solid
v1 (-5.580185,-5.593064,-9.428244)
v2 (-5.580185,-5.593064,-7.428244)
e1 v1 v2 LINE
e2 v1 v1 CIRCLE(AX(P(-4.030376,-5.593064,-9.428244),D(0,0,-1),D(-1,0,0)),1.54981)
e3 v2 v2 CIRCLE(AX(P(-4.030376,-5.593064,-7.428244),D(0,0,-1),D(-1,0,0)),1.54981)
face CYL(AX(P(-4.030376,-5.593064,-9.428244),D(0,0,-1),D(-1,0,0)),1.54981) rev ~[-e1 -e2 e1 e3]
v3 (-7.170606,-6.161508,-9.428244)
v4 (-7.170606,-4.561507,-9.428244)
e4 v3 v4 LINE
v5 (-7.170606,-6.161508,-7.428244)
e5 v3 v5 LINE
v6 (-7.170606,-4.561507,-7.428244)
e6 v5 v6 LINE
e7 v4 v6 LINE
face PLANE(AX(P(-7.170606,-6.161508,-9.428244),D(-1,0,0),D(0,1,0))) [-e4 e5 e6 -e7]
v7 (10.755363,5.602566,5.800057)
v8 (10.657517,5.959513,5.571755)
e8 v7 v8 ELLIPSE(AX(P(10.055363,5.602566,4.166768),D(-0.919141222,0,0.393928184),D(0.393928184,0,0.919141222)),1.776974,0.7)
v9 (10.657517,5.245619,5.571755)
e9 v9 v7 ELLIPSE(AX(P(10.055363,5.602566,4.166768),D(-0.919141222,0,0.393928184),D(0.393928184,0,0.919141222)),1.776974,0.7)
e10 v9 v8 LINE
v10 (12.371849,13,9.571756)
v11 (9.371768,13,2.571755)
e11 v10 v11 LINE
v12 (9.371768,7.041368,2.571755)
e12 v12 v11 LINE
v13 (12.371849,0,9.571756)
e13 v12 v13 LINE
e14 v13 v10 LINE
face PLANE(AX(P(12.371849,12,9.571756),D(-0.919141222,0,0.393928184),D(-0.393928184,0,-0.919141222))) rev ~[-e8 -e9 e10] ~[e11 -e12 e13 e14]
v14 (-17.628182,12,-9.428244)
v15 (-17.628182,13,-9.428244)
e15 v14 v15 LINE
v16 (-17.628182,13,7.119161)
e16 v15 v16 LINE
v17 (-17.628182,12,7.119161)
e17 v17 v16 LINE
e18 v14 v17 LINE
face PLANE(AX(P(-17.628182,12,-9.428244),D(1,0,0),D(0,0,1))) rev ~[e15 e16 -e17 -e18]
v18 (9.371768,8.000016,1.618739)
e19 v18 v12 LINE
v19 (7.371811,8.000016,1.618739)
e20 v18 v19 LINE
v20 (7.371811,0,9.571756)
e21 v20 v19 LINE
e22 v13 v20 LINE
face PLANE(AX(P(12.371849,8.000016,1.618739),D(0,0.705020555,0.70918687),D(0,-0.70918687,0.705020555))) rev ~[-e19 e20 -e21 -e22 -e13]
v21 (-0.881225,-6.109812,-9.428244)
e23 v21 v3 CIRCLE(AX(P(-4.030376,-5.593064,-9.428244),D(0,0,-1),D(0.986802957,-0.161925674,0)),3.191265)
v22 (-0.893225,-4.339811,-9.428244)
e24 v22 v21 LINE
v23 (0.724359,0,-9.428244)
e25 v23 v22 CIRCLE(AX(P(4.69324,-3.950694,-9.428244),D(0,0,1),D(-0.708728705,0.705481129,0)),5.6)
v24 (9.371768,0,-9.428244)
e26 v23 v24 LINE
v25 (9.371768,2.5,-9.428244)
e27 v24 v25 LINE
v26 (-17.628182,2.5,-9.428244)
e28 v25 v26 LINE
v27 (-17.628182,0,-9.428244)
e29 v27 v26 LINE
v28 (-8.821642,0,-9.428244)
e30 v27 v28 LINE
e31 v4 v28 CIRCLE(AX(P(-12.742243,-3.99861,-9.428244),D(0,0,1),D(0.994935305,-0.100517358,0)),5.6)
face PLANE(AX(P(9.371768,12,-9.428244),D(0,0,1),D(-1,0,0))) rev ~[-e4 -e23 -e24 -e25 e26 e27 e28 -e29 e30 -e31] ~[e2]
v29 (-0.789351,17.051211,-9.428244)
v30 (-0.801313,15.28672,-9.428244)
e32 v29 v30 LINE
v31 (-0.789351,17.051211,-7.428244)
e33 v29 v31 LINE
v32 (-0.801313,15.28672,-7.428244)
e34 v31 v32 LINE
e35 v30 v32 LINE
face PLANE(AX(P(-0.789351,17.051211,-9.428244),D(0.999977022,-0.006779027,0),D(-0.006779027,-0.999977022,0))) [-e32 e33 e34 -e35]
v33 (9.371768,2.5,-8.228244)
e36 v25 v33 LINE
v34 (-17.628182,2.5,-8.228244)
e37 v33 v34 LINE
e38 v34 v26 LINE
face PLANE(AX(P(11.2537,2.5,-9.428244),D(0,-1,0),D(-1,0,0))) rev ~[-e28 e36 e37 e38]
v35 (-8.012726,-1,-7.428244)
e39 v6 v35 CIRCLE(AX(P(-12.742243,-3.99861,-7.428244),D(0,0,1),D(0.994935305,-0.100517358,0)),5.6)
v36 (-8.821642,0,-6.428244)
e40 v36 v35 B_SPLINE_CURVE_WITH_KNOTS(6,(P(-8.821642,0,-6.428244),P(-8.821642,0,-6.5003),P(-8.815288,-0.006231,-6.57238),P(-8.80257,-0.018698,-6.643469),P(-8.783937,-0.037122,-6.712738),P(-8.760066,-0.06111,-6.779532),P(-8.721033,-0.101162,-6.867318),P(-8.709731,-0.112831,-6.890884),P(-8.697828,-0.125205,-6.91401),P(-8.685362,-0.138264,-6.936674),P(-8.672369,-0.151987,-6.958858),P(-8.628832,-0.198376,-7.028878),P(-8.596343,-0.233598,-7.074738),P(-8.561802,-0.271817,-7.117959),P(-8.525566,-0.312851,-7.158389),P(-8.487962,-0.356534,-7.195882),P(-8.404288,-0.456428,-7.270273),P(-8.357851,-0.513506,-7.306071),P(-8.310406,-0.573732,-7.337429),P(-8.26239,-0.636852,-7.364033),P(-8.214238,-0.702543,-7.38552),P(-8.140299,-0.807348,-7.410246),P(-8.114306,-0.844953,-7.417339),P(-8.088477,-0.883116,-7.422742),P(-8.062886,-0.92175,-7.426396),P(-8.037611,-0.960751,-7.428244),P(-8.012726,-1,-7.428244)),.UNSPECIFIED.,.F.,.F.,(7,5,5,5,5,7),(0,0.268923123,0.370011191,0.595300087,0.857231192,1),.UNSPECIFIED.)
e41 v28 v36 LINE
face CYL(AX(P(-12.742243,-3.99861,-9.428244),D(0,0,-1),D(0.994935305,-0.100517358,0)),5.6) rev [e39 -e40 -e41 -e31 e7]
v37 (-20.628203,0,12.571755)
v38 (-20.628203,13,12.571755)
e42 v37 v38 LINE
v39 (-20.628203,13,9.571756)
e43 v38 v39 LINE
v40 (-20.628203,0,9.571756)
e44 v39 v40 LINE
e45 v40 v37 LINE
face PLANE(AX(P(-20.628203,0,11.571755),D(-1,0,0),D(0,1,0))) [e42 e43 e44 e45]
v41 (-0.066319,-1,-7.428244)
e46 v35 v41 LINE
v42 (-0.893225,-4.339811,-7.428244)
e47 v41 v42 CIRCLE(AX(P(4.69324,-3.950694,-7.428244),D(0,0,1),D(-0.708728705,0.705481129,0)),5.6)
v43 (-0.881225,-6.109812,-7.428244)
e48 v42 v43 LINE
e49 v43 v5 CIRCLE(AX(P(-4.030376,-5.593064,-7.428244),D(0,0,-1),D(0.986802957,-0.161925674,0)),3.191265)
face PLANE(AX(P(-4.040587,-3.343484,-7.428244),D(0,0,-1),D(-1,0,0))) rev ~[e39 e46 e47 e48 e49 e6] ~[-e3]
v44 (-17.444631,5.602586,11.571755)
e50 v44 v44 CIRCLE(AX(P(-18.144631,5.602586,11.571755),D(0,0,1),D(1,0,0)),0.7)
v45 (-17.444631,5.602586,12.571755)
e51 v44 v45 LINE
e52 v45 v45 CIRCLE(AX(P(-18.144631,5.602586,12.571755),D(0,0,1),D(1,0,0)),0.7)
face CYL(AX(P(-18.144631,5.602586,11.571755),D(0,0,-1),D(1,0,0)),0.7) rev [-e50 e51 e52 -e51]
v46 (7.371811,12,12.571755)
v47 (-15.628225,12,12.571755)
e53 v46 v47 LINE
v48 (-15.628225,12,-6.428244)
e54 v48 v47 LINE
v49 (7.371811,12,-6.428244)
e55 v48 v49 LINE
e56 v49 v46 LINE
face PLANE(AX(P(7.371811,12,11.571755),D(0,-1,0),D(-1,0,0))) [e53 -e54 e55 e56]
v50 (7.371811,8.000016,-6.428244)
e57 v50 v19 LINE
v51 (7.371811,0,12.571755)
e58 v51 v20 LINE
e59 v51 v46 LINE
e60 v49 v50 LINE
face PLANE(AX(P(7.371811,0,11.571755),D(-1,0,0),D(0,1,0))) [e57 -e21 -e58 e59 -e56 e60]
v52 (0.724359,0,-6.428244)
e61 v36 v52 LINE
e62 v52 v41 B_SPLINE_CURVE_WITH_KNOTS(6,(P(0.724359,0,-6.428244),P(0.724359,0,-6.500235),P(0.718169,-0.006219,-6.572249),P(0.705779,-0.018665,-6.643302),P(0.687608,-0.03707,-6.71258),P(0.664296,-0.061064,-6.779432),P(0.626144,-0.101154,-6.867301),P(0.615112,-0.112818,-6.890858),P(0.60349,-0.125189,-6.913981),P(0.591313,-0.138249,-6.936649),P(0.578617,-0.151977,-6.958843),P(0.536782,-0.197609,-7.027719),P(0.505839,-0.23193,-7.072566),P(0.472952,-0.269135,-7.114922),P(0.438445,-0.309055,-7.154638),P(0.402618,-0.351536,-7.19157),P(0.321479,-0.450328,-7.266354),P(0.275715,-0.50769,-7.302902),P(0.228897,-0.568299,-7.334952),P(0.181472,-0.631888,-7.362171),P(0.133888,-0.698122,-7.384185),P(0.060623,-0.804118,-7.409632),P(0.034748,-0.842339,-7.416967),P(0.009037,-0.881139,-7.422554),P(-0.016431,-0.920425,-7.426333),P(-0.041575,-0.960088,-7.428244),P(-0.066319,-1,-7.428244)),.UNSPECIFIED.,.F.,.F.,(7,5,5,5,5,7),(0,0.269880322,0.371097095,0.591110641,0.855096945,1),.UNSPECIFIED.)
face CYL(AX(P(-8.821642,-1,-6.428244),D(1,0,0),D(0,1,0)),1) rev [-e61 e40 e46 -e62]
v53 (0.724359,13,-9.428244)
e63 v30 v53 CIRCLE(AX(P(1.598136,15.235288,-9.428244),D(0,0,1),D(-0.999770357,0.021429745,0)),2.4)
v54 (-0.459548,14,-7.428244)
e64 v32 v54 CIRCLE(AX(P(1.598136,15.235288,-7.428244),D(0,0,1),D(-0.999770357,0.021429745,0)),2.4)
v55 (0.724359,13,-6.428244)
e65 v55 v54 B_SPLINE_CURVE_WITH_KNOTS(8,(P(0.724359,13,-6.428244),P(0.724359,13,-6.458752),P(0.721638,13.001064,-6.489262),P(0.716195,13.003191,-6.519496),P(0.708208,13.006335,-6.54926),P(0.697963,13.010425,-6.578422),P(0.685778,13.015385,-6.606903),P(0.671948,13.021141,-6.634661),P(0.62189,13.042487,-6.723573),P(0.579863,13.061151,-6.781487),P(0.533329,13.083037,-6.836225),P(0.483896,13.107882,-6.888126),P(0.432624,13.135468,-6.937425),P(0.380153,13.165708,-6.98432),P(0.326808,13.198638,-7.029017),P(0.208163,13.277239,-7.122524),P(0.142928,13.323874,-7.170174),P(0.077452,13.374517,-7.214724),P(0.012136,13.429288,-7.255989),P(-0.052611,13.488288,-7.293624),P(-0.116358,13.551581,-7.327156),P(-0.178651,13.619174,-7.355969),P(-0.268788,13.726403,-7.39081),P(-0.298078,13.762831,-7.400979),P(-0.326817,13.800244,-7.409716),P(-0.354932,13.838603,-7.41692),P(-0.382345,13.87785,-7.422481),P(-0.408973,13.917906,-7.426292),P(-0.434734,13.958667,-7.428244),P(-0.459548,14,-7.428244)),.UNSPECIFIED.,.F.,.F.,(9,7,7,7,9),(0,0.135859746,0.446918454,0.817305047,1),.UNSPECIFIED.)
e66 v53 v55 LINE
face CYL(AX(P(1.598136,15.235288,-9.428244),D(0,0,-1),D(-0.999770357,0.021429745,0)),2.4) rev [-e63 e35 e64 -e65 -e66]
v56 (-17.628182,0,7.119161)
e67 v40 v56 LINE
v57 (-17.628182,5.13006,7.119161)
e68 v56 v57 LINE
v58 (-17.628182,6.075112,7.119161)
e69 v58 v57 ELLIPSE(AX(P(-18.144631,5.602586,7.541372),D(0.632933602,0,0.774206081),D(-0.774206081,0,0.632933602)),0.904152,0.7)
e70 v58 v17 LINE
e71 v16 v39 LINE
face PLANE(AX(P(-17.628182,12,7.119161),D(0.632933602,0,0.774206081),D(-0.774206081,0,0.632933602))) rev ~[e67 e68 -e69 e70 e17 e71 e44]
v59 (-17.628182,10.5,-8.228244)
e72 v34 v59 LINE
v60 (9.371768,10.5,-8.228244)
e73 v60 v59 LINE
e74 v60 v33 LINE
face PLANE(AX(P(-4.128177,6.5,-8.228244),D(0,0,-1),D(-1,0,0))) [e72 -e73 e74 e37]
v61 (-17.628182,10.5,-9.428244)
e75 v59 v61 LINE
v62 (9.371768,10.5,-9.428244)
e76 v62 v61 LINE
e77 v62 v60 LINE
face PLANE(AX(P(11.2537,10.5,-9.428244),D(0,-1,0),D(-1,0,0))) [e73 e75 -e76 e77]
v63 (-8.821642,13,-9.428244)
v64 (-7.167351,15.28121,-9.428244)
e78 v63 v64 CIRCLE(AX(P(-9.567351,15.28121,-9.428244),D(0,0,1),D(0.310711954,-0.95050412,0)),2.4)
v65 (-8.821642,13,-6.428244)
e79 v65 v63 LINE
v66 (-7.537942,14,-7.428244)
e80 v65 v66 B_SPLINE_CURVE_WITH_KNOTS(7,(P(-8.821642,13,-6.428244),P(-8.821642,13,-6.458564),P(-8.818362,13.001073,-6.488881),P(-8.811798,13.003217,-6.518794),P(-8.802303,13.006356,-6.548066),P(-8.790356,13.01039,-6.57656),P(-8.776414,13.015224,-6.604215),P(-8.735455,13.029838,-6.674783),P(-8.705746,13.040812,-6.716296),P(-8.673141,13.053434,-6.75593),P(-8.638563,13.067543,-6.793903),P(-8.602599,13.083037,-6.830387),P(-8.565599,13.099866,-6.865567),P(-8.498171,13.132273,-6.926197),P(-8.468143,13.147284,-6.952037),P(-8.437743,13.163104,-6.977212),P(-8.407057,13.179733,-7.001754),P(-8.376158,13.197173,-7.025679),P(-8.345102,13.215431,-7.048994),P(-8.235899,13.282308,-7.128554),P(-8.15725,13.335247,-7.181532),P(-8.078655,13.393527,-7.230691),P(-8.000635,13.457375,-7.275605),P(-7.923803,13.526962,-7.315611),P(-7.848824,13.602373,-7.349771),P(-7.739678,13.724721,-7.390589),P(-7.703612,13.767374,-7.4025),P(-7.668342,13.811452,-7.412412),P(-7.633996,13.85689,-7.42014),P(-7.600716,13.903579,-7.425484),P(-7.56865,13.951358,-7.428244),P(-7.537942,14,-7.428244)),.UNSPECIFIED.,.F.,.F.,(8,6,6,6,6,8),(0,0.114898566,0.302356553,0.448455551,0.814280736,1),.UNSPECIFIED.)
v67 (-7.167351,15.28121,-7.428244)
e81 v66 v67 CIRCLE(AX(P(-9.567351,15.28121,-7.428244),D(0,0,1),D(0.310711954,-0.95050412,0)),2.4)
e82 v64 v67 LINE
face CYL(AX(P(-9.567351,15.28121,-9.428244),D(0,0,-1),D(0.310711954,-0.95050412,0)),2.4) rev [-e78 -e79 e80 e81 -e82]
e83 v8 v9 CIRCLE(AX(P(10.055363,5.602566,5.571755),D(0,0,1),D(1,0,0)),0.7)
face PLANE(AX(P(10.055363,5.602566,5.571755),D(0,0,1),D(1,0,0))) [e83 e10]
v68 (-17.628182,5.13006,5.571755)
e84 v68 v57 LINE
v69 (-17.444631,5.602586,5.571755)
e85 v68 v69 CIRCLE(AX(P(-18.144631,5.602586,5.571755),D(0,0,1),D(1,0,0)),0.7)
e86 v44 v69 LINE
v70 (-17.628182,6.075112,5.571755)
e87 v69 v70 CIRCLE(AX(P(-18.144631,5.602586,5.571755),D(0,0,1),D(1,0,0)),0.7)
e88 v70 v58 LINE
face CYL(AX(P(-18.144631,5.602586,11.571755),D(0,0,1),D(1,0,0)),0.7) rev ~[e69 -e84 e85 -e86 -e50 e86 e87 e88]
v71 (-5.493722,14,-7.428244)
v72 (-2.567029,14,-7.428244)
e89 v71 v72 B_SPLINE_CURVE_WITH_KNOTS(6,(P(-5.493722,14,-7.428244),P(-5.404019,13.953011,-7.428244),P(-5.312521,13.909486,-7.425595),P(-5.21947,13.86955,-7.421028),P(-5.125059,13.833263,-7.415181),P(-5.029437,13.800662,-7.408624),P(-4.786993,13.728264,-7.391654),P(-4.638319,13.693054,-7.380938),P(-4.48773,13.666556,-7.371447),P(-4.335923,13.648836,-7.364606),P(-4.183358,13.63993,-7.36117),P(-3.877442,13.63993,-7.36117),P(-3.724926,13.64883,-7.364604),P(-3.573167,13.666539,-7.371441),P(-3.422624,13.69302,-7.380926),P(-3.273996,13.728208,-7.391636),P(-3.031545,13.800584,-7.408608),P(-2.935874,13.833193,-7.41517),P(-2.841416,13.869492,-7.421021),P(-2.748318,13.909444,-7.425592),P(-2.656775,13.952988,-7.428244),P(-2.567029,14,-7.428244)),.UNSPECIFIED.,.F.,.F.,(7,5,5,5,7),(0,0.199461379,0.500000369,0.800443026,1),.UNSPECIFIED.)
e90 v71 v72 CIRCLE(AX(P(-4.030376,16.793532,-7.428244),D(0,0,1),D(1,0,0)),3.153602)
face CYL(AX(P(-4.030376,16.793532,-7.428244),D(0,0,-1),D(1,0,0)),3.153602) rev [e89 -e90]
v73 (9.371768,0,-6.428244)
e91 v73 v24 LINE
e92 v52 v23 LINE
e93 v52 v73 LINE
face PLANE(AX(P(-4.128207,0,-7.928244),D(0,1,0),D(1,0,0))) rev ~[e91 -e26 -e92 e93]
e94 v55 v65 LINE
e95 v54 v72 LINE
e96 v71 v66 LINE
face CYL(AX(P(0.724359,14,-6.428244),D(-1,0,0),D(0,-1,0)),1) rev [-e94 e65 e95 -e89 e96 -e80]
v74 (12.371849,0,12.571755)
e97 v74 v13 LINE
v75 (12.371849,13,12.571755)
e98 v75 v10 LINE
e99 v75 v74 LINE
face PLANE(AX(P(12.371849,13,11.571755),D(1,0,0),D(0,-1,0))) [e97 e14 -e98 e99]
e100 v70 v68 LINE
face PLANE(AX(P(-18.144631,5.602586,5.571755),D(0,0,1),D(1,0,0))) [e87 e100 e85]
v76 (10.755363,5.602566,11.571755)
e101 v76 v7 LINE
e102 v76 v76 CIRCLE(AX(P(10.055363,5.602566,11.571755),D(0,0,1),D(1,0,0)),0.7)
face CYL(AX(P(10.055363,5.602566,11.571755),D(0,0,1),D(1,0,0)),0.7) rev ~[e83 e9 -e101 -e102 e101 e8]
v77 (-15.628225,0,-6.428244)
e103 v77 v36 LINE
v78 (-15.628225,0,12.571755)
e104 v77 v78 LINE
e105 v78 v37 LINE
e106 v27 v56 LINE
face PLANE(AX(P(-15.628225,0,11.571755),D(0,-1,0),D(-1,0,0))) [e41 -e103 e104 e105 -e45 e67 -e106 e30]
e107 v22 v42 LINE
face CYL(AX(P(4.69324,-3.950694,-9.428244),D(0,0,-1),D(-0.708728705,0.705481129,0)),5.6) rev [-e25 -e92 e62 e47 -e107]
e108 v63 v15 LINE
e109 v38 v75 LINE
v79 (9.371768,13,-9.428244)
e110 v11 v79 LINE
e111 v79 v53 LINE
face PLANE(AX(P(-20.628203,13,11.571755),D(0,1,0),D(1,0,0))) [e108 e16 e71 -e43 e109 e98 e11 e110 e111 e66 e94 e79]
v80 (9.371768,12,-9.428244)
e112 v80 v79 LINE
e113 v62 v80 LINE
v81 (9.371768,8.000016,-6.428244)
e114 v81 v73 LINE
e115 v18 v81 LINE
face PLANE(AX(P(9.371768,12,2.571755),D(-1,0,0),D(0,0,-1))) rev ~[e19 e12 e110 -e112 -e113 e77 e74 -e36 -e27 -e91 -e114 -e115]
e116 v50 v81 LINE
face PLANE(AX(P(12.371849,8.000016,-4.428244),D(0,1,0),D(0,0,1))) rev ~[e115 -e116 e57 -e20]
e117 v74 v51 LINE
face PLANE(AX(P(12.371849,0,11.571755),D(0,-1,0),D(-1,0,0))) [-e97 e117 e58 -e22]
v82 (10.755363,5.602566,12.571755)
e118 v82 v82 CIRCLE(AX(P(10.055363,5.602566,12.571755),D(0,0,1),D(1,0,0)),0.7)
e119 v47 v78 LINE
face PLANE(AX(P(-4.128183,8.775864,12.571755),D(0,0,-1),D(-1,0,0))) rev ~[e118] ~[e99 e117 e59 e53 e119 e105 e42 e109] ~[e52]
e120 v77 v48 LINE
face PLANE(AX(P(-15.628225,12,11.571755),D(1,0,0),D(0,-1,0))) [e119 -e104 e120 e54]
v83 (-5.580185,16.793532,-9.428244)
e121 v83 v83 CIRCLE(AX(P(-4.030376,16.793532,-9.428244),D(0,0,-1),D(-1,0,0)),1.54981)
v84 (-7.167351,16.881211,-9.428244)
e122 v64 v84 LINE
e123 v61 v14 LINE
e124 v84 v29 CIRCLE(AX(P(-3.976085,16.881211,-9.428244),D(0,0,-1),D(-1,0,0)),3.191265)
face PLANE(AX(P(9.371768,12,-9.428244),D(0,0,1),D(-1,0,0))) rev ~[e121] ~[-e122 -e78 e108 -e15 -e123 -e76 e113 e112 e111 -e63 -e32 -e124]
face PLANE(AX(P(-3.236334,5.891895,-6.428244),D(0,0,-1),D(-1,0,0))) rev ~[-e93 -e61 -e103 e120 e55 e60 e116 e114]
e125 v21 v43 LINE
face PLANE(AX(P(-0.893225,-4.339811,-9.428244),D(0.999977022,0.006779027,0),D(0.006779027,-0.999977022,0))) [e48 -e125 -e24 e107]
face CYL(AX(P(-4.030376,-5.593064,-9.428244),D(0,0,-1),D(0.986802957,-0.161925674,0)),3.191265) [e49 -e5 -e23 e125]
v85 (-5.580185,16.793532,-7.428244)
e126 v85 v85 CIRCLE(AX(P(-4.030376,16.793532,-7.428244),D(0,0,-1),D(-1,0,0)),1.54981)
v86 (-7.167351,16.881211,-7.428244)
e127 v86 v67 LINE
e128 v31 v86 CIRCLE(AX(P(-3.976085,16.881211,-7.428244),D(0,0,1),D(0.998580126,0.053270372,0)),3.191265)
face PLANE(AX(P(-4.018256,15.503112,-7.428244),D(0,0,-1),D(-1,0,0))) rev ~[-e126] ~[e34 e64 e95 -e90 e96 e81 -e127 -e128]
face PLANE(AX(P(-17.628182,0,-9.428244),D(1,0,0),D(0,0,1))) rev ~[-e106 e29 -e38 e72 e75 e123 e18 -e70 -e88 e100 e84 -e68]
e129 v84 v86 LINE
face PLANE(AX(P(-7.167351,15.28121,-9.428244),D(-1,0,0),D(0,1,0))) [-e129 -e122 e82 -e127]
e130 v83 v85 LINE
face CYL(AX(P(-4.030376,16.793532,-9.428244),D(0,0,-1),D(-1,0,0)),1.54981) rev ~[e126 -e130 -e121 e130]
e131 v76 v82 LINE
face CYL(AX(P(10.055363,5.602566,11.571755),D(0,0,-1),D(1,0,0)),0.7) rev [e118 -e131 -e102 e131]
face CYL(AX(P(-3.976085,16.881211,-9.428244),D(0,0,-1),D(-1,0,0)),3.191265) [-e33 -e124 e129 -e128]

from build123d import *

# Parameters (mm, degrees)
SKETCH1_W           = 26.999950409
SKETCH1_H           = 3
BOSS_EXTRUDE1_DEPTH = 12
CUT_EXTRUDE1_DEPTH  = 11.5
BOSS_EXTRUDE2_DEPTH = 1
SKETCH7_R           = 0.7
CUT_EXTRUDE2_DEPTH  = 6
SKETCH8_R           = 1.549809906
BOSS_EXTRUDE3_DEPTH = 2
SKETCH11_W          = 30.763753833
SKETCH11_H          = 8
CUT_EXTRUDE3_DEPTH  = 1.2
FILLET1_R           = 1
SKETCH12_R          = 3.153602023
CUT_EXTRUDE4_DEPTH  = 10
CUT_EXTRUDE5_DEPTH  = 2
SKETCH14_R          = 0.7
BOSS_EXTRUDE4_DEPTH = 1


with BuildPart() as part:
    # Sketch1 → Boss-Extrude1 (new body)
    with BuildSketch(Plane(origin=(0, 0, 0), x_dir=(1, 0, 0), z_dir=(0, 1, 0))):
        with Locations((-4.128207024, 7.928244269)):
            Rectangle(SKETCH1_W, SKETCH1_H)
        Polygon((7.371810524, -11.571754957), (7.371810524, 4.428244174), (-15.628224572, 4.428244174), (-15.628224572, -11.571754957), (-15.728224572, -11.571754957), (-20.628203209, -11.571754957), (-20.628203209, -9.571756491), (-17.628182229, -7.119161332), (-17.628182229, 6.428244269), (9.37176818, 6.428244269), (9.37176818, -2.571755344), (12.371848766, -9.571756491), (12.371848766, -11.571754957), (7.471810524, -11.571754957), align=None)
    extrude(amount=BOSS_EXTRUDE1_DEPTH)

    # Sketch4 → Cut-Extrude1 (cut)
    with BuildSketch(Plane(origin=(12.371848766, 0, 0), x_dir=(0, 0, -1), z_dir=(1, 0, 0))):
        Polygon((4.428244174, 0), (4.428244174, 8.000016212), (-1.618738598, 8.000016212), (-9.571756491, 0), (-11.571754957, 0), align=None)
    extrude(amount=-CUT_EXTRUDE1_DEPTH, mode=Mode.SUBTRACT)

    # Sketch5 → Boss-Extrude2 (add)
    with BuildSketch(Plane(origin=(0, 12, 0), x_dir=(1, 0, 0), z_dir=(0, 1, 0))):
        Polygon((-20.628203209, -9.571756491), (-20.628203209, -11.571754957), (12.371848766, -11.571754957), (12.371848766, -9.571756491), (9.37176818, -2.571755344), (9.37176818, 9.428244269), (-17.628182229, 9.428244269), (-17.628182229, -7.119161332), align=None)
    extrude(amount=BOSS_EXTRUDE2_DEPTH)

    # Sketch7 → Cut-Extrude2 (cut)
    with BuildSketch(Plane.XY.offset(11.571754957)):
        with Locations((-18.144630941, 5.602586011)):
            Circle(SKETCH7_R)
        with Locations((10.055363141, 5.602566371)):
            Circle(SKETCH7_R)
    extrude(amount=-CUT_EXTRUDE2_DEPTH, mode=Mode.SUBTRACT)

    # Sketch8 → Boss-Extrude3 (add)
    with BuildSketch(Plane(origin=(0, 0, -9.428244269), x_dir=(-1, 0, 0), z_dir=(0, 0, -1))):
        with BuildLine():
            ThreePointArc((7.167350646, 16.881210895), (4.06111535, 20.071343328), (0.789350976, 17.051210792))
            Line((0.789350976, 17.051210792), (0.801312783, 15.286719843))
            ThreePointArc((0.801312783, 15.286719843), (0.398304036, 13.90328737), (-0.724359486, 13))
            Line((-0.724359486, 13), (8.821641956, 13))
            ThreePointArc((8.821641956, 13), (7.624453215, 13.872256527), (7.167350646, 15.281209887))
            Line((7.167350646, 15.281209887), (7.167350646, 16.881210895))
        make_face()
        with Locations((4.030375515, 16.793532247)):
            Circle(SKETCH8_R, mode=Mode.SUBTRACT)
        with BuildLine():
            Line((8.821641956, 0), (-0.724359486, 0))
            ThreePointArc((-0.724359486, 0), (0.554106373, -1.994843204), (0.893224509, -4.339810848))
            Line((0.893224509, -4.339810848), (0.881225349, -6.109811753))
            ThreePointArc((0.881225349, -6.109811753), (4.004145214, -8.784221579), (7.170605746, -6.16150846))
            Line((7.170605746, -6.16150846), (7.170605746, -4.561507453))
            ThreePointArc((7.170605746, -4.561507453), (7.476553675, -2.092695462), (8.821641956, 0))
        make_face()
        with Locations((4.030375515, -5.593063946)):
            Circle(SKETCH8_R, mode=Mode.SUBTRACT)
    extrude(amount=-BOSS_EXTRUDE3_DEPTH)

    # Sketch11 → Cut-Extrude3 (cut)
    with BuildSketch(Plane(origin=(0, 0, -9.428244269), x_dir=(-1, 0, 0), z_dir=(0, 0, -1))):
        with Locations((4.128177222, 6.5)):
            Rectangle(SKETCH11_W, SKETCH11_H)
    extrude(amount=-CUT_EXTRUDE3_DEPTH, mode=Mode.SUBTRACT)

    # Fillet1
    fillet1_edges = [part.edges().sort_by_distance(p)[0] for p in [
        (-4.048641235, 13, -7.428244269),
        (-4.048641235, 0, -7.428244269),
    ]]
    fillet(fillet1_edges, radius=FILLET1_R)

    # Sketch12 → Cut-Extrude4 (cut)
    with BuildSketch(Plane.XY.offset(-7.428244269)):
        with Locations((-4.030375515, 16.793532247)):
            Circle(SKETCH12_R)
    extrude(amount=CUT_EXTRUDE4_DEPTH, mode=Mode.SUBTRACT)

    # Sketch13 → Cut-Extrude5 (cut)
    with BuildSketch(Plane.XY.offset(-4.428244174)):
        Polygon((-15.628224572, 0), (-15.628224572, 12), (7.371810524, 12), (7.371810524, 8.000016212), (9.37176818, 8.000016212), (9.37176818, 0), (7.371810524, 0), align=None)
    extrude(amount=-CUT_EXTRUDE5_DEPTH, mode=Mode.SUBTRACT)

    # Sketch14 → Boss-Extrude4 (add)
    with BuildSketch(Plane.XY.offset(11.571754957)):
        Polygon((-20.628203209, 0), (-20.628203209, 13), (12.371848766, 13), (12.371848766, 0), (7.371810524, 0), (7.371810524, 12), (-15.628224572, 12), (-15.628224572, 0), align=None)
        with Locations((-18.144630941, 5.602586011)):
            Circle(SKETCH14_R, mode=Mode.SUBTRACT)
        with Locations((10.055363141, 5.602566371)):
            Circle(SKETCH14_R, mode=Mode.SUBTRACT)
    extrude(amount=BOSS_EXTRUDE4_DEPTH)


solid = part.part
